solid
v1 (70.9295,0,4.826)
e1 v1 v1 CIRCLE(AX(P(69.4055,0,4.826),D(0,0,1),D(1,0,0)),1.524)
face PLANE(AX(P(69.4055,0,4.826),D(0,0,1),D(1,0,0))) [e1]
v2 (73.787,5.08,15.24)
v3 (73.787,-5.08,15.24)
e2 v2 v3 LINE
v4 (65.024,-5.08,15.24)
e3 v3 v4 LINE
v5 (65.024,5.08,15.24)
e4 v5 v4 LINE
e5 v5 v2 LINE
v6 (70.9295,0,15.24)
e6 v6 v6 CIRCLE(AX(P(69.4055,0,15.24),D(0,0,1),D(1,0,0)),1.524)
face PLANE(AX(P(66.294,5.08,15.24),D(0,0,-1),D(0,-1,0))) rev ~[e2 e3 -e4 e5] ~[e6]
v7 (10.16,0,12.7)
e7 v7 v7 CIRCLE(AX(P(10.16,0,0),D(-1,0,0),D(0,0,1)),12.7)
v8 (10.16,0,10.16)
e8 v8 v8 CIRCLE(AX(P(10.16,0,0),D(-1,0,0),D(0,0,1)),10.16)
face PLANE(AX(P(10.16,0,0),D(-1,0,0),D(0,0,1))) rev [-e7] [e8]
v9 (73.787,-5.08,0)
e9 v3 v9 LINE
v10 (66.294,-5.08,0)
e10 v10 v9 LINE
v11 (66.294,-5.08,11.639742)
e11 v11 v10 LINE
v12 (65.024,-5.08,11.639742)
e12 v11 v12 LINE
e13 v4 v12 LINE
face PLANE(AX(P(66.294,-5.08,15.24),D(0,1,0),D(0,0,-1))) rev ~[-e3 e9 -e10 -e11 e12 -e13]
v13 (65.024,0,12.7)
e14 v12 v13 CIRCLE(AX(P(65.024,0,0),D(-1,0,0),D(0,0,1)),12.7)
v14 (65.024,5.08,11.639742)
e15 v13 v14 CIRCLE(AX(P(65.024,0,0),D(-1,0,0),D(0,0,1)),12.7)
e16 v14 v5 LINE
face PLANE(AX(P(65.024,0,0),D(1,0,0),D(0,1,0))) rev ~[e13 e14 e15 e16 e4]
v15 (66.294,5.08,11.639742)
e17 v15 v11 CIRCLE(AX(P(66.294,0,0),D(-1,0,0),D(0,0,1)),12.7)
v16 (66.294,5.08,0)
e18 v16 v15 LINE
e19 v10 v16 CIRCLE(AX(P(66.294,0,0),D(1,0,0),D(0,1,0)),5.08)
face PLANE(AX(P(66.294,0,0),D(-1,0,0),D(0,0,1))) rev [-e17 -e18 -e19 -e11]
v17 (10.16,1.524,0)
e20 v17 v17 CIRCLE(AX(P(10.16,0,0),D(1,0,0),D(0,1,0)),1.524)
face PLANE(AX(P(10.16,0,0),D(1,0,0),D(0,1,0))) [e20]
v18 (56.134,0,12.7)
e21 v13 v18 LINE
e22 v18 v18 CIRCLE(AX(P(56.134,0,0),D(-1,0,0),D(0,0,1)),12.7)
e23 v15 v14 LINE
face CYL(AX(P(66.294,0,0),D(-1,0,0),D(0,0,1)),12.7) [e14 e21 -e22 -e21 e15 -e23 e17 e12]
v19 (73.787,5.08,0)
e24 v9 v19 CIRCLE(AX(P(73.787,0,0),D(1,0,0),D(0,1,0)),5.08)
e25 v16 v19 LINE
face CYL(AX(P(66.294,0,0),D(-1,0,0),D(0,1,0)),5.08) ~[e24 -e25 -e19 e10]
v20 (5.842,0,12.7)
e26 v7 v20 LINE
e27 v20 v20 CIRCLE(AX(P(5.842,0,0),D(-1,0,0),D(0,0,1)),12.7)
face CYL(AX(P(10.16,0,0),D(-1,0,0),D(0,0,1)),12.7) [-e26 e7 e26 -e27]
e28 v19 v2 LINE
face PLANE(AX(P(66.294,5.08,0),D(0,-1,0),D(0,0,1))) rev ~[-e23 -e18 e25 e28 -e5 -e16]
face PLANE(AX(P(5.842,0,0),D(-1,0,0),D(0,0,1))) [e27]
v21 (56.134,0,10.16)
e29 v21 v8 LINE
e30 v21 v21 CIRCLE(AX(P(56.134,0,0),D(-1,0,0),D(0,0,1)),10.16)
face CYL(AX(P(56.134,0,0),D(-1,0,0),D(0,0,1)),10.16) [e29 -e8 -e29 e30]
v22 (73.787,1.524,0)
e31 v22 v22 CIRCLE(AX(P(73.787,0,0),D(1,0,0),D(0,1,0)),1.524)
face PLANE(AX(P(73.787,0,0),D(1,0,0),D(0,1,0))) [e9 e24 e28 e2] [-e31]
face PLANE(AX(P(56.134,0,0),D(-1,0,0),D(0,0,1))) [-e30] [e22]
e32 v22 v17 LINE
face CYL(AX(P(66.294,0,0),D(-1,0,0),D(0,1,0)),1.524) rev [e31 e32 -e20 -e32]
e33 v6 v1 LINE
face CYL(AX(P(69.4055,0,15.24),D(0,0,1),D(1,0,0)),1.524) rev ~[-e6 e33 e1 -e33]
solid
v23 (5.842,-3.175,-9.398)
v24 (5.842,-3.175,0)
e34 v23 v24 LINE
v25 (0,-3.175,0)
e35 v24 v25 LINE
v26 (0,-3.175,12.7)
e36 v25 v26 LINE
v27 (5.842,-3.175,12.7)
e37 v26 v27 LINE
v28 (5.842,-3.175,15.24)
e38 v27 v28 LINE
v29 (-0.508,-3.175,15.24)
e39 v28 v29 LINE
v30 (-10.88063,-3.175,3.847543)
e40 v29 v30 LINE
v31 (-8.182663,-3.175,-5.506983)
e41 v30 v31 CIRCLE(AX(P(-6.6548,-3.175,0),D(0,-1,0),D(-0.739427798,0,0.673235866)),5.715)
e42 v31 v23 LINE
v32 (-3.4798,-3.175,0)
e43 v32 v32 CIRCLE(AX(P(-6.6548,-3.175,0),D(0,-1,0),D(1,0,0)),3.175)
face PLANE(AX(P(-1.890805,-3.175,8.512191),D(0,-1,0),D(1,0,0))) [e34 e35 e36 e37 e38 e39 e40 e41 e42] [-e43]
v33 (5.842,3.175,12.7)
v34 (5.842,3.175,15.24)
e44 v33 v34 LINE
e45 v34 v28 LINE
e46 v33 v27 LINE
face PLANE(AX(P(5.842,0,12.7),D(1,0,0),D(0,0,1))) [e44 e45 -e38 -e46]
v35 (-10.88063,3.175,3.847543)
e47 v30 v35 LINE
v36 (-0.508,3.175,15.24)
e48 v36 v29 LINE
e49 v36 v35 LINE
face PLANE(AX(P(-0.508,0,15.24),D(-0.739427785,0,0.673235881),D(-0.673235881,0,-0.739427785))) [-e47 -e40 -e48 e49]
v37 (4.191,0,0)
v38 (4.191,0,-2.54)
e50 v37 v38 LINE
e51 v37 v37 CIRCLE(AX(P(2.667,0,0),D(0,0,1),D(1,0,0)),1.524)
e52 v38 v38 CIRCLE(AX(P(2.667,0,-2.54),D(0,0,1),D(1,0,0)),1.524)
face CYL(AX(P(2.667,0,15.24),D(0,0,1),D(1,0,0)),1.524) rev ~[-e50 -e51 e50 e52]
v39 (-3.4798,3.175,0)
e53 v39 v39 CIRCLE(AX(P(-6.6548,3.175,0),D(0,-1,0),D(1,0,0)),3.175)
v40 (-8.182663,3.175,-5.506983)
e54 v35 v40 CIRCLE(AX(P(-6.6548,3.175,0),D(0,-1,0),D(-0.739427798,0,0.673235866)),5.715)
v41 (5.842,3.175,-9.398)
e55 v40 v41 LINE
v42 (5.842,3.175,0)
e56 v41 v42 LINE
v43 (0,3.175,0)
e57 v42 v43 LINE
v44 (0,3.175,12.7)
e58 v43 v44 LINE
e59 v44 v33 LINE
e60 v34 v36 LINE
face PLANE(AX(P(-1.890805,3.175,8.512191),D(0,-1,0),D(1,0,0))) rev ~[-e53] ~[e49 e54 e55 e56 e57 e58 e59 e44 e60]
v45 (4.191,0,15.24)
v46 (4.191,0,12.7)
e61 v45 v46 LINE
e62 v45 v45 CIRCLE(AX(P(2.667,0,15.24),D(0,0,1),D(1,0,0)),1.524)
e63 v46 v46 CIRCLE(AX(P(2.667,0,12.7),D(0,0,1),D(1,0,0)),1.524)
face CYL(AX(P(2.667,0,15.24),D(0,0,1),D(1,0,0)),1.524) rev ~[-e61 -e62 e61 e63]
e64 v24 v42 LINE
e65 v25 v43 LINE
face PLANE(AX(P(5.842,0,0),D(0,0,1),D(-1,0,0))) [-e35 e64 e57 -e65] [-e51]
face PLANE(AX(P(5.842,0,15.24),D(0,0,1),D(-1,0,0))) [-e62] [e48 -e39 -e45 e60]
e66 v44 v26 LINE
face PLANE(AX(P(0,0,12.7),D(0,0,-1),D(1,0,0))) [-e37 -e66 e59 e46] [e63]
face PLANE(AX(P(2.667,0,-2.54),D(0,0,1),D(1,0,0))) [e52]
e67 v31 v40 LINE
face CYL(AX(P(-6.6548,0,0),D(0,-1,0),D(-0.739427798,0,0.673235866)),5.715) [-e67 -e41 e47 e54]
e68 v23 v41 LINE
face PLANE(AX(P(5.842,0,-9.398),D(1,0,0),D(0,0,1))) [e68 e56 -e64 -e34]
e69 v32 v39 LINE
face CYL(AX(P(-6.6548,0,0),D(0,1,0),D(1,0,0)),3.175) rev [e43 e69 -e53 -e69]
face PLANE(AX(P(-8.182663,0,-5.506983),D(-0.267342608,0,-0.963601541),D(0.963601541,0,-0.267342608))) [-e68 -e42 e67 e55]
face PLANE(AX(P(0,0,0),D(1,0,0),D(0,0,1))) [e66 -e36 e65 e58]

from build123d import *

# Parameters (mm, degrees)
F0_R      = 3.175
F1_DEPTH  = 3.175
F3_R      = 1.524
F4_DEPTH  = 1.27
F5_DEPTH  = 7.493
F6_DEPTH  = 56.134
F7_R      = 1.524
F9_DEPTH  = 10.414
F8_R      = 1.524
F10_DEPTH = 17.78


with BuildPart() as f1:
    # F0 (on Front) → F1 (new body, symmetric)
    with BuildSketch(Plane.XZ):
        with BuildLine():
            Line((-0.9398, 0), (0, 0))
            Line((0, 0), (0, 12.7))
            Line((0, 12.7), (5.842, 12.7))
            Line((5.842, 12.7), (5.842, 15.24))
            Line((5.842, 15.24), (-0.508, 15.24))
            Line((-0.508, 15.24), (-10.88063, 3.847543))
            ThreePointArc((-10.88063, 3.847543), (-4.591961, 5.329721), (-0.9398, 0))
        make_face()
        with BuildLine():
            Line((5.842, 0), (0, 0))
            Line((0, 0), (-0.9398, 0))
            ThreePointArc((-0.9398, 0), (-3.195791, -4.549339), (-8.182663, -5.506983))
            Line((-8.182663, -5.506983), (5.842, -9.398))
            Line((5.842, -9.398), (5.842, 0))
        make_face()
        with BuildLine():
            ThreePointArc((-8.182663, -5.506983), (-3.195791, -4.549339), (-0.9398, 0))
            ThreePointArc((-0.9398, 0), (-4.591961, 5.329721), (-10.88063, 3.847543))
            ThreePointArc((-10.88063, 3.847543), (-12.145978, -1.583727), (-8.182663, -5.506983))
        make_face()
        with Locations((-6.6548, 0)):
            Circle(F0_R, mode=Mode.SUBTRACT)
    extrude(amount=F1_DEPTH, both=True)

    # F8 (on face) → F10 (cut)
    with BuildSketch(Plane.XY.offset(15.24)):
        with Locations((2.667, 0)):
            Circle(F8_R)
    extrude(amount=-F10_DEPTH, mode=Mode.SUBTRACT)


with BuildPart() as f2:
    # F0 (on Front) → F2 (revolve)
    with BuildSketch(Plane.XZ):
        Polygon((5.842, 12.7), (5.842, 0), (66.294, 0), (66.294, 12.7), (56.134, 12.7), (56.134, 10.16), (10.16, 10.16), (10.16, 12.7), align=None)
    revolve(axis=Axis((33.147, 0, 0), (-1, 0, 0)))

    # F3 (on face) → F4 (join)
    with BuildSketch(Plane.YZ.offset(66.294)):
        with BuildLine():
            ThreePointArc((-5.08, 0), (0, -5.08), (5.08, 0))
            ThreePointArc((5.08, 0), (0, 5.08), (-5.08, 0))
        make_face()
        Circle(F3_R, mode=Mode.SUBTRACT)
        with BuildLine():
            ThreePointArc((-5.08, 0), (0, 5.08), (5.08, 0))
            Line((5.08, 0), (5.08, 15.24))
            Line((5.08, 15.24), (-5.08, 15.24))
            Line((-5.08, 15.24), (-5.08, 0))
        make_face()
    extrude(amount=-F4_DEPTH)

    # F3 (on face) → F5 (join)
    with BuildSketch(Plane.YZ.offset(66.294)):
        with BuildLine():
            ThreePointArc((-5.08, 0), (0, -5.08), (5.08, 0))
            ThreePointArc((5.08, 0), (0, 5.08), (-5.08, 0))
        make_face()
        Circle(F3_R, mode=Mode.SUBTRACT)
        with BuildLine():
            ThreePointArc((-5.08, 0), (0, 5.08), (5.08, 0))
            Line((5.08, 0), (5.08, 15.24))
            Line((5.08, 15.24), (-5.08, 15.24))
            Line((-5.08, 15.24), (-5.08, 0))
        make_face()
    extrude(amount=F5_DEPTH)

    # F3 (on face) → F6 (cut, through all)
    with BuildSketch(Plane.YZ.offset(66.294)):
        Circle(F3_R)
    extrude(amount=-F6_DEPTH, mode=Mode.SUBTRACT)

    # F7 (on face) → F9 (cut)
    with BuildSketch(Plane.XY.offset(15.24)):
        with Locations((69.4055, 0)):
            Circle(F7_R)
    extrude(amount=-F9_DEPTH, mode=Mode.SUBTRACT)


solid = Compound([f1.part, f2.part])
